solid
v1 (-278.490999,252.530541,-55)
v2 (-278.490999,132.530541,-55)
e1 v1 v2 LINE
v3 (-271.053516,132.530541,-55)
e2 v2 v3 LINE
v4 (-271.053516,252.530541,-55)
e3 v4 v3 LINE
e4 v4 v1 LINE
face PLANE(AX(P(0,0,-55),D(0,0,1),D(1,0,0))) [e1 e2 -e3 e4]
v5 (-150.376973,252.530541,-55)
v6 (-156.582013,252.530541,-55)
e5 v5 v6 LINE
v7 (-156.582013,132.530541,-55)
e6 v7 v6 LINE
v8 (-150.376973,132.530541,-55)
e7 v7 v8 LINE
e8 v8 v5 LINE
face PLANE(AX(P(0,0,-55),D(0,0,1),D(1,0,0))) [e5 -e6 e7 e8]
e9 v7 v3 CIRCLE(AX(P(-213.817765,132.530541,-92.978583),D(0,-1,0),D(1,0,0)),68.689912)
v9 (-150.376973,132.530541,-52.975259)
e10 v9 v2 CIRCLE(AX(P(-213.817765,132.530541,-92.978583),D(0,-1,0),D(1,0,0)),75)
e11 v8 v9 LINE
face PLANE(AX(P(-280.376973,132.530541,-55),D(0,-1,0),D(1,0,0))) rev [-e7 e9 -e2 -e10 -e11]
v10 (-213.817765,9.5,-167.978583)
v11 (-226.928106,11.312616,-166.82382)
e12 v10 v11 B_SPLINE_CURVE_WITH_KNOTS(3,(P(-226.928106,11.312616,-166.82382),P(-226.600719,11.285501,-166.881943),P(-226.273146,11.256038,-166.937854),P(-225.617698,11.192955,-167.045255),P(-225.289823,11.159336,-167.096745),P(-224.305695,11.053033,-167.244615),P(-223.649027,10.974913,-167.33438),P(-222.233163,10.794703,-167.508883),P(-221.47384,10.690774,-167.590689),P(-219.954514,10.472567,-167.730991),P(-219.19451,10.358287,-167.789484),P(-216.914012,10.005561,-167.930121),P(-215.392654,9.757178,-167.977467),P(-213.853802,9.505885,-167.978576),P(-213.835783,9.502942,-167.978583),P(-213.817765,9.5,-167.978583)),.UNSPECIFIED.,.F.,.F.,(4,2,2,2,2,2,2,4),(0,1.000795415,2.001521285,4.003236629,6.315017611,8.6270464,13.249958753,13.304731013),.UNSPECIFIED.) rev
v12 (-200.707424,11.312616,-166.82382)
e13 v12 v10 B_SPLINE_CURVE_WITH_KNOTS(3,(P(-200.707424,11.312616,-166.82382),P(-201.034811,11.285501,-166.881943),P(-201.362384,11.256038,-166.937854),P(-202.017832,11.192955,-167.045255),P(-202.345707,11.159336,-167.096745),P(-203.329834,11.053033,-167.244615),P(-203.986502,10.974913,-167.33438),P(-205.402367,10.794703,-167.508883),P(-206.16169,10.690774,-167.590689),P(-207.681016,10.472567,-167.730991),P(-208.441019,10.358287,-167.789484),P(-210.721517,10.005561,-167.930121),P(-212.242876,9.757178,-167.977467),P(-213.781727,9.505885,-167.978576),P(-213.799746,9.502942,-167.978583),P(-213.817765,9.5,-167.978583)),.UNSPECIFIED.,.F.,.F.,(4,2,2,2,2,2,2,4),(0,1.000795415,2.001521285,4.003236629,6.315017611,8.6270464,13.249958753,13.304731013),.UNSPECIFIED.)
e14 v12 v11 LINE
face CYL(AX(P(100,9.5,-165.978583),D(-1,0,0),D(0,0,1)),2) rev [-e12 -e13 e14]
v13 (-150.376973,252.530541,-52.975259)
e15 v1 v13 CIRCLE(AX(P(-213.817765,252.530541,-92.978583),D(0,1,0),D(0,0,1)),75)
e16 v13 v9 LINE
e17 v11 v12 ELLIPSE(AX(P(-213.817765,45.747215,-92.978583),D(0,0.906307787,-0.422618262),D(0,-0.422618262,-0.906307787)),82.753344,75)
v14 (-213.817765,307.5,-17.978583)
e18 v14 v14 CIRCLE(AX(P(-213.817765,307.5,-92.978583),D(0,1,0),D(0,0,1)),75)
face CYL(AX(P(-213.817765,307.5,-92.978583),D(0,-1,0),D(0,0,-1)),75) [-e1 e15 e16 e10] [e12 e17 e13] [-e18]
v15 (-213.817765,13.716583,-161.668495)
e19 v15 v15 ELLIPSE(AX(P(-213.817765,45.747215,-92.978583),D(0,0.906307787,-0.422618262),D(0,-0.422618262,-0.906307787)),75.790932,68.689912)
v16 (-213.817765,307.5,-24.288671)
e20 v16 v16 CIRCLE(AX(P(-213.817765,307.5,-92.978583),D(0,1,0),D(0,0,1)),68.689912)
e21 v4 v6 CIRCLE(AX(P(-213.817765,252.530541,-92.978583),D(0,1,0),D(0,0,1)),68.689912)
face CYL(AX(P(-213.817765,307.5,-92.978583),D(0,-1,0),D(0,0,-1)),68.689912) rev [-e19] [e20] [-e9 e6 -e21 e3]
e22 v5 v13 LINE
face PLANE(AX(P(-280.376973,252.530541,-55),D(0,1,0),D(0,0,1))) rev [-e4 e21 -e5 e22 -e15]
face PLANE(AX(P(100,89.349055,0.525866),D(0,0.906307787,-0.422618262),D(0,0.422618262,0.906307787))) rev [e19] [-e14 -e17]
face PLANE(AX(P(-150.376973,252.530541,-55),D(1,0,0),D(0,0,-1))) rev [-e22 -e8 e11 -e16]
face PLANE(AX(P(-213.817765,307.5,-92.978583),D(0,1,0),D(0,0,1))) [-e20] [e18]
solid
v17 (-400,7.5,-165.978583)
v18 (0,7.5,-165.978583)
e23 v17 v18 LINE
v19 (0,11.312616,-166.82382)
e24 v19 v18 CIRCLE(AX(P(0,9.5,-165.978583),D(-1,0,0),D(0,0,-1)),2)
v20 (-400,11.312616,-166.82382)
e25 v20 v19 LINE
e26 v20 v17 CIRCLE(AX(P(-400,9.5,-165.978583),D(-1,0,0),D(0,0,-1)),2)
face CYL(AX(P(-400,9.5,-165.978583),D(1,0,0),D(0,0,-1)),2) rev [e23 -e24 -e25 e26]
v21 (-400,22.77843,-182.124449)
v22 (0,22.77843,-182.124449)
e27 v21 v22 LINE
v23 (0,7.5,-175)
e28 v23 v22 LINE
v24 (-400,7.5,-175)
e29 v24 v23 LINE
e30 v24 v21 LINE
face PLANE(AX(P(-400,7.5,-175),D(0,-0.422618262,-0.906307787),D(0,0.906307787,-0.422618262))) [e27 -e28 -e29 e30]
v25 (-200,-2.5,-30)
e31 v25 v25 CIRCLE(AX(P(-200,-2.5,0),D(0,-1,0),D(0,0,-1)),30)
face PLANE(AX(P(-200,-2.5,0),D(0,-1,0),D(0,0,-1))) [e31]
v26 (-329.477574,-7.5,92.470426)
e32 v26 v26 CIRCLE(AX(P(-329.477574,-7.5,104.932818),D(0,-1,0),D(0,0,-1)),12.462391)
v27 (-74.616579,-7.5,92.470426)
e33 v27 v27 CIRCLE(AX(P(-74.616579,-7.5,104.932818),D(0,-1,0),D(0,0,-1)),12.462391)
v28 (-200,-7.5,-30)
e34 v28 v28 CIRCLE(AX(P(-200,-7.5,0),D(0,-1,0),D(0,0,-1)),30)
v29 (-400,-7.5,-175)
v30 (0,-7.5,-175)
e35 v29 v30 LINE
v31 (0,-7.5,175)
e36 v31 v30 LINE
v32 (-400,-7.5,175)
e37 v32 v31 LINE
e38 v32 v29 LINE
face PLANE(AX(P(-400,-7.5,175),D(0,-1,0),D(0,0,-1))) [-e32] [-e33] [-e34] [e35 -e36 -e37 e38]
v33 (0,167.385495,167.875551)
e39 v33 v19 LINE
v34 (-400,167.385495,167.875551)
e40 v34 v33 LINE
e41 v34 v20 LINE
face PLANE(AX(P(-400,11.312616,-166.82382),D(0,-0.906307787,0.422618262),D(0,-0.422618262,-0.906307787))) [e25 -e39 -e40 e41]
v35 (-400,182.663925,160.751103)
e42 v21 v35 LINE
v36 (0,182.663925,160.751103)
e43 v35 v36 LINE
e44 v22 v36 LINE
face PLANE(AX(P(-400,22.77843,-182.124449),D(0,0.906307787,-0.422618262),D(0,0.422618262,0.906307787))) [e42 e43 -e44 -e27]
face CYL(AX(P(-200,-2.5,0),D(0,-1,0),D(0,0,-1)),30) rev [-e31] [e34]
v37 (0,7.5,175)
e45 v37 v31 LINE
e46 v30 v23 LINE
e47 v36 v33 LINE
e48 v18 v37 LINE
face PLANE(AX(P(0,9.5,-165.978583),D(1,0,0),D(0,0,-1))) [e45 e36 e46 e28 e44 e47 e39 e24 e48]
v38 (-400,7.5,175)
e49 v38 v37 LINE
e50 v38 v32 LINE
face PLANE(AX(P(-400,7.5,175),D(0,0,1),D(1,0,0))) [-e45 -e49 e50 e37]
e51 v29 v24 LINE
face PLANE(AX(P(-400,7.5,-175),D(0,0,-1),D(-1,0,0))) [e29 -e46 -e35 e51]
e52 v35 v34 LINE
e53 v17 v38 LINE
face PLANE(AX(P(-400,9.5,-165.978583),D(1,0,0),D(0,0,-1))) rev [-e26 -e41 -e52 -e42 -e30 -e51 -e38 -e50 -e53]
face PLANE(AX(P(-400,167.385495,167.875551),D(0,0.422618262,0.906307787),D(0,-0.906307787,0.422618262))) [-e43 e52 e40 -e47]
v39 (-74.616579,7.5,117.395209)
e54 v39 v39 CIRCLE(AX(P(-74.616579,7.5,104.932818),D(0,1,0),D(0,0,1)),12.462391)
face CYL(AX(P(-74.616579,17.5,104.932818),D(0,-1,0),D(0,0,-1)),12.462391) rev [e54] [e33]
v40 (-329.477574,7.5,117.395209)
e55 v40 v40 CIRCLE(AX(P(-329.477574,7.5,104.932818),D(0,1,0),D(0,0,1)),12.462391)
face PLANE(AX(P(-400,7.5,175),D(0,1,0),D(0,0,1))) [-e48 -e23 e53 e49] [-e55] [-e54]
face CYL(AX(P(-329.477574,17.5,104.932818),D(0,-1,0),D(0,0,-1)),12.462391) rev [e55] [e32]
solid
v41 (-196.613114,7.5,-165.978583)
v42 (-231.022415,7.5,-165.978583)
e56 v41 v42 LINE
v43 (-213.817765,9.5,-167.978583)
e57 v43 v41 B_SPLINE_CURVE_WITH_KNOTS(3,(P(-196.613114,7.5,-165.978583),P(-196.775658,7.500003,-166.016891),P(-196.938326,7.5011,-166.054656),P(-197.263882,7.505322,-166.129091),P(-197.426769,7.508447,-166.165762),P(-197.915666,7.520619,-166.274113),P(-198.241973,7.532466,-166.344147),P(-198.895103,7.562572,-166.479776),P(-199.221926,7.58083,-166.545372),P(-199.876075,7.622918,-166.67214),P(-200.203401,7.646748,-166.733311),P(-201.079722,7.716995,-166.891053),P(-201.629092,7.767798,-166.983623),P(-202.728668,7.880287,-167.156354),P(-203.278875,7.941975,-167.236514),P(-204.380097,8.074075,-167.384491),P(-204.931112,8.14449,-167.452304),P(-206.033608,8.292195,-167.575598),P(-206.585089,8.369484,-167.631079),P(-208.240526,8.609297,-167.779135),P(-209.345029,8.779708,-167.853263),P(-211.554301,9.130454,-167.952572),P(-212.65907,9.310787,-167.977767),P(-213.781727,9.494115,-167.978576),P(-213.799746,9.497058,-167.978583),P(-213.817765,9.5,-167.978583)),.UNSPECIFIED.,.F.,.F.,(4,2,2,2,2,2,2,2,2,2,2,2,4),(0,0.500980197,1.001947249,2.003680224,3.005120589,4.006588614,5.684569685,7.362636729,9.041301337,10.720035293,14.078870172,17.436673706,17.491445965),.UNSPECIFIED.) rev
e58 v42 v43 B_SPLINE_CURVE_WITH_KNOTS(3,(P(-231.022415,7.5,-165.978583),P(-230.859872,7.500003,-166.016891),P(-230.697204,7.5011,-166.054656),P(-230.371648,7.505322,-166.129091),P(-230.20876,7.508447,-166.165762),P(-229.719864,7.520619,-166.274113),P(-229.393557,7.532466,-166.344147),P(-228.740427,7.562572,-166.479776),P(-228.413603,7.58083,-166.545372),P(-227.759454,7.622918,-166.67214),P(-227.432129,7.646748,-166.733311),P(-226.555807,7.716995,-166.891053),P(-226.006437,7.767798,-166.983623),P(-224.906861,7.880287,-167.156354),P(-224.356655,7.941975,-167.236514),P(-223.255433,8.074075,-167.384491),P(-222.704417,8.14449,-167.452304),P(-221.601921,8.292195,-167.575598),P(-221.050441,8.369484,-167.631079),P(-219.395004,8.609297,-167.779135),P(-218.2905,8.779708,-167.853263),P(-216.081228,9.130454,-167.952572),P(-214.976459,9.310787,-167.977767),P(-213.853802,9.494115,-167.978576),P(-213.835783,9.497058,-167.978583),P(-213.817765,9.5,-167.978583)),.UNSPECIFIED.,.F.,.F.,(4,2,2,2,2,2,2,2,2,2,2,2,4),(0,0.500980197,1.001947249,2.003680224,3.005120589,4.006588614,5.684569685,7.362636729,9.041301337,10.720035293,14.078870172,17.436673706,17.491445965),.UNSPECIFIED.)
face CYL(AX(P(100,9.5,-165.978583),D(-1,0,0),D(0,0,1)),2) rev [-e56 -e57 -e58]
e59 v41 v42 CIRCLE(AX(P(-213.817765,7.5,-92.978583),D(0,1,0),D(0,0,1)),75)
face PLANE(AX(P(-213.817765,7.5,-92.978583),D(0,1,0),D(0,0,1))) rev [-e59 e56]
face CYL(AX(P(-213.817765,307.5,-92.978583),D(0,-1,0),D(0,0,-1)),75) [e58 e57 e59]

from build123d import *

# Parameters (mm, degrees)
BOSS_EXTRUDE1_DEPTH = 400
SKETCH3_R           = 29.999999999999996
CUT_EXTRUDE1_DEPTH  = 5
SKETCH4_R           = 12.46239114177459
SKETCH4_R_2         = 12.462391141774633
CUT_EXTRUDE2_DEPTH  = 25
SKETCH5_R           = 75.00000000000003
SKETCH5_R_2         = 68.68991189678029
BOSS_EXTRUDE3_DEPTH = 300
CUT_EXTRUDE3_START  = -500
CUT_EXTRUDE3_DEPTH  = 500
CUT_EXTRUDE4_DEPTH  = 50


with BuildPart() as part:
    # Sketch2 → Boss-Extrude1 (new body)
    with BuildSketch(Plane(origin=(0, 0, 0), x_dir=(0, 0, -1), z_dir=(1, 0, 0))):
        with BuildLine():
            Line((166.82381951615696, 11.312615574073371), (-167.875551318356, 167.38549537386393))
            Line((-167.875551318356, 167.38549537386393), (-160.75110263671203, 182.66392487646505))
            Line((-160.75110263671203, 182.66392487646505), (182.12444868164403, 22.778429502601124))
            Line((182.12444868164403, 22.778429502601124), (174.99999999999997, 7.500000000000001))
            Line((174.99999999999997, 7.500000000000001), (174.99999999999997, -7.499999999999999))
            Line((174.99999999999997, -7.499999999999999), (-175.00000000000003, -7.499999999999999))
            Line((-175.00000000000003, -7.499999999999999), (-175.00000000000003, 7.500000000000001))
            Line((-175.00000000000003, 7.500000000000001), (165.97858299267557, 7.500000000000001))
            ThreePointArc((165.97858299267557, 7.500000000000001), (167.9311750069156, 9.067120772123808), (166.82381951615696, 11.312615574073371))
        make_face()
    extrude(amount=-BOSS_EXTRUDE1_DEPTH)

    # Sketch3 → Cut-Extrude1 (cut)
    with BuildSketch(Plane.XZ.offset(7.499999999999999)):
        with Locations(Location((-200, 0, 0), (0, 0, 270))):
            Circle(SKETCH3_R)
    extrude(amount=-CUT_EXTRUDE1_DEPTH, mode=Mode.SUBTRACT)

    # Sketch4 → Cut-Extrude2 (cut)
    with BuildSketch(Plane.XZ.offset(7.499999999999999)):
        with Locations(Location((-329.47757363975893, 104.93281760237586, 0), (0, 0, 270))):
            Circle(SKETCH4_R)
        with Locations(Location((-74.6165788863995, 104.93281760237586, 0), (0, 0, 270))):
            Circle(SKETCH4_R_2)
    extrude(amount=-CUT_EXTRUDE2_DEPTH, mode=Mode.SUBTRACT)


with BuildPart() as body_2:
    # Sketch5 → Boss-Extrude3 (new body)
    with BuildSketch(Plane(origin=(0, 7.500000000000001, 0), x_dir=(1, 0, 0), z_dir=(0, 1, 0))):
        with Locations(Location((-213.81776477578452, 92.9785829926757, 0), (0, 0, 270))):
            Circle(SKETCH5_R)
        with Locations(Location((-213.81776477578452, 92.9785829926757, 0), (0, 0, 270))):
            Circle(SKETCH5_R_2, mode=Mode.SUBTRACT)
    extrude(amount=BOSS_EXTRUDE3_DEPTH)

    # Sketch6 → Cut-Extrude3 (cut)
    with BuildSketch(Plane.ZY.offset(400).offset(CUT_EXTRUDE3_START)):
        with BuildLine():
            Line((0.5258659010995148, 89.34905547396865), (-166.82381951615696, 11.31261557407337))
            ThreePointArc((-166.82381951615696, 11.31261557407337), (-167.9311750069156, 9.067120772123864), (-165.97858299267568, 7.5))
            Line((-165.97858299267568, 7.5), (-3.0663718706783194, 7.500000000000001))
            Line((-3.0663718706783194, 7.500000000000001), (0.5258659010995148, 89.34905547396865))
        make_face()
    extrude(amount=CUT_EXTRUDE3_DEPTH, mode=Mode.SUBTRACT)


with BuildPart() as cut_extrude3_piece_1:
    # of the separate pieces the step leaves, piece 1, a body of its own (cut_extrude3_pieces)
    add(body_2.part.solids().sort_by_distance((-200.707423713, 11.312615574, -166.823819516))[0])

    # Sketch8 → Cut-Extrude4 (cut)
    with BuildSketch(Plane.XY.offset(-4.999999999999977)):
        Polygon((-280.3769731102271, 252.5305411121489), (-150.37697311022706, 252.5305411121489), (-150.37697311022706, 132.53054111214894), (-280.376973110227, 132.5305411121489), align=None)
    extrude(amount=-CUT_EXTRUDE4_DEPTH, mode=Mode.SUBTRACT)


with BuildPart() as cut_extrude3_piece_2:
    # of the separate pieces the step leaves, piece 2, a body of its own (cut_extrude3_pieces)
    add(body_2.part.solids().sort_by_distance((-196.613114242, 7.5, -165.978582993))[0])


solid = Compound([part.part, cut_extrude3_piece_1.part, cut_extrude3_piece_2.part])
